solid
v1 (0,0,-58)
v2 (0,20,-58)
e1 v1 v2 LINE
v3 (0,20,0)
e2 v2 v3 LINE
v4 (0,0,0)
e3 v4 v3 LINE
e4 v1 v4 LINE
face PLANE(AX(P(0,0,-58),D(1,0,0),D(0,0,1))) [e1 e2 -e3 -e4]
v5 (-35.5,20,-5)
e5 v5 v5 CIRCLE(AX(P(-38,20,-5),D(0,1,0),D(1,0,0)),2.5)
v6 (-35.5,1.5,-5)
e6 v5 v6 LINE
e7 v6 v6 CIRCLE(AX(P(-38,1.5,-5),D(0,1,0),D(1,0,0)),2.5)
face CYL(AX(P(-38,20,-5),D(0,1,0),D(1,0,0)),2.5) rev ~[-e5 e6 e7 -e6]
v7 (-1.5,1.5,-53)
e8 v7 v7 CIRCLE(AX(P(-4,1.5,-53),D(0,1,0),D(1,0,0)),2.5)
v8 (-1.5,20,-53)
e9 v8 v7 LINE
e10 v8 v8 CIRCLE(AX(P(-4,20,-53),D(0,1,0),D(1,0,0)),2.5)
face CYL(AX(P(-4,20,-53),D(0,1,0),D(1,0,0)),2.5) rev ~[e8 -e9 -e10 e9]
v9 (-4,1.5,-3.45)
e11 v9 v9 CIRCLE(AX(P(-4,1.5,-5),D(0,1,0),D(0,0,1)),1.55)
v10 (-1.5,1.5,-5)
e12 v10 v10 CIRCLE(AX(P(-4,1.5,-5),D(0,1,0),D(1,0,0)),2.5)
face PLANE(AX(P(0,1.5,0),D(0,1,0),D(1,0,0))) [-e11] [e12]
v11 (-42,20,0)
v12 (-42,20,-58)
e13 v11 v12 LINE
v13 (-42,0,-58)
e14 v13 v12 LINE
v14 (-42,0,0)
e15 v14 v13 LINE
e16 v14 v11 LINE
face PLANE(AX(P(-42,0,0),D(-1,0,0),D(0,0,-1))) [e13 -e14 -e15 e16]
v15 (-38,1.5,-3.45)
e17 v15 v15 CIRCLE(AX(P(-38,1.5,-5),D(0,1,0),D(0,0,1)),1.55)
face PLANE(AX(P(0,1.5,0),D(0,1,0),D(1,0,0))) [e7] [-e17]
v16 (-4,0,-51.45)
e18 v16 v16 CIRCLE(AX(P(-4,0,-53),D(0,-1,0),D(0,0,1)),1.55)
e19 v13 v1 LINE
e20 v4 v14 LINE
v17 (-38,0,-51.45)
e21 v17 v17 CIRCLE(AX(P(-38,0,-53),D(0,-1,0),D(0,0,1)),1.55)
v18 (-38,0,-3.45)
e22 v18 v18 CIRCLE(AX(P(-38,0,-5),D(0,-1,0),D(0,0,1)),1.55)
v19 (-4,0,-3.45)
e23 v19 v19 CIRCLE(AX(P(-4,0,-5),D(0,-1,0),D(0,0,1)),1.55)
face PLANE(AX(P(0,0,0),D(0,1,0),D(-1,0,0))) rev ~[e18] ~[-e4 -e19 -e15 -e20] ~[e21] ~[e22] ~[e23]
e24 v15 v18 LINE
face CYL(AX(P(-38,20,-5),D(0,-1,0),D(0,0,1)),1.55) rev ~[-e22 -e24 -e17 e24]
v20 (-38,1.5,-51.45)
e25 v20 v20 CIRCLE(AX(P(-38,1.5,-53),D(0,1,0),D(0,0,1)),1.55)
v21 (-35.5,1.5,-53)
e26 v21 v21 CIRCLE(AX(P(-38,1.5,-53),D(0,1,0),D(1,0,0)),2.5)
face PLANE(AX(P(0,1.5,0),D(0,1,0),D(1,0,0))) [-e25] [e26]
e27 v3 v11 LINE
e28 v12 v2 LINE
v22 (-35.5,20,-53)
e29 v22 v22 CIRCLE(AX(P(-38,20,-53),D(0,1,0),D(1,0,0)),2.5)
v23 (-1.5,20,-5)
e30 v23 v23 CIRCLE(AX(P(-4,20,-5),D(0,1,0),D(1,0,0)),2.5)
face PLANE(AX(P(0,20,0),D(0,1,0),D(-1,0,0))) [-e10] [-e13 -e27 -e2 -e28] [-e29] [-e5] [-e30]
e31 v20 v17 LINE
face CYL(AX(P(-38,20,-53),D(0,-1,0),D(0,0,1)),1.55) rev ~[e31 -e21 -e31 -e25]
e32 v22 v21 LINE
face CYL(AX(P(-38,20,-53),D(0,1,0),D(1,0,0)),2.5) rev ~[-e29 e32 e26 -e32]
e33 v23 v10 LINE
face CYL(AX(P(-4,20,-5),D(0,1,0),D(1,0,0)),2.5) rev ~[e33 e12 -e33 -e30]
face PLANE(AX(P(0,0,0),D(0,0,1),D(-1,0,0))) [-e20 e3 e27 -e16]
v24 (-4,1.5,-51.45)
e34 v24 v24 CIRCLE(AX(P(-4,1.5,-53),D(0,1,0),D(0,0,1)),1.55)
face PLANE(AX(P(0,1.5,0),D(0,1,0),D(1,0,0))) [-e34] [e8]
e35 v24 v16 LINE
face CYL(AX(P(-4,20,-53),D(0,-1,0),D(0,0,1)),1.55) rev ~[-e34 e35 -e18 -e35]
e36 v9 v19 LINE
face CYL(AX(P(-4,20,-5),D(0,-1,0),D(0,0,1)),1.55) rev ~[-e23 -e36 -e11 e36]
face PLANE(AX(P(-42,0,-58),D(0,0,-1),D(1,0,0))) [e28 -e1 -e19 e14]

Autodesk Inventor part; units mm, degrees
ref_plane "YZ Plane" through (0, 0, 0) normal (1, 0, 0) x (0, 1, 0)
ref_plane "XZ Plane" through (0, 0, 0) normal (0, 1, 0) x (-1, 0, 0)
ref_plane "XY Plane" through (0, 0, 0) normal (0, 0, 1) x (1, 0, 0)
sketch "Sketch1" plane through (0, 0, 0) normal (0, 1, 0) x (-1, 0, 0)
  line L0 (0, 0) -> (42, 0)
  line L1 (42, 0) -> (42, -58)
  line L2 (42, -58) -> (0, -58)
  line L3 (0, -58) -> (0, 0)
  dimension "d0" = 58
  dimension "d1" = 42
extrude "Extrusion1" add sketch "Sketch1" along normal blind 20
sketch "Sketch2" plane through (0, 20, 0) normal (0, 1, 0) x (1, 0, 0)
  line L0 (-29.2926, 35.5201) -> (-17.3649, 35.5201) construction
  line L1 (-17.3649, 35.5201) -> (-17.3649, 9.1969) construction
  line L2 (-17.3649, 9.1969) -> (-29.2926, 9.1969) construction
  line L3 (-29.2926, 9.1969) -> (-29.2926, 35.5201) construction
  spline S0 degree 2 poles (-27.9624, 31.884) (-28.3424, 31.884) (-28.8757, 32.0428) (-29.1111, 32.1562) knots 0 0 0 1 2 2 2
  line L4 (-29.1111, 32.1562) -> (-29.1111, 32.7405)
  line L5 (-29.1111, 32.7405) -> (-29.077, 32.7405)
  spline S1 degree 2 poles (-29.077, 32.7405) (-28.8473, 32.525) (-28.2658, 32.2867) (-27.9964, 32.2867) knots 0 0 0 1 2 2 2
  spline S2 degree 2 poles (-27.9964, 32.2867) (-27.6107, 32.2867) (-27.2164, 32.6072) (-27.2164, 32.871) knots 0 0 0 1 2 2 2
  spline S3 degree 2 poles (-27.2164, 32.871) (-27.2164, 33.0809) (-27.4235, 33.3418) (-27.6475, 33.4071) knots 0 0 0 1 2 2 2
  spline S4 degree 2 poles (-27.6475, 33.4071) (-27.8092, 33.4524) (-28.0787, 33.5148) (-28.28, 33.5659) knots 0 0 0 1 2 2 2
  spline S5 degree 2 poles (-28.28, 33.5659) (-28.4616, 33.6141) (-28.748, 33.7588) (-28.8586, 33.875) knots 0 0 0 1 2 2 2
  spline S6 degree 2 poles (-28.8586, 33.875) (-28.9664, 33.9913) (-29.0855, 34.3033) (-29.0855, 34.5075) knots 0 0 0 1 2 2 2
  spline S7 degree 2 poles (-29.0855, 34.5075) (-29.0855, 34.933) (-28.4218, 35.5088) (-27.9085, 35.5088) knots 0 0 0 1 2 2 2
  spline S8 degree 2 poles (-27.9085, 35.5088) (-27.6135, 35.5088) (-27.0916, 35.3925) (-26.8675, 35.2819) knots 0 0 0 1 2 2 2
  line L6 (-26.8675, 35.2819) -> (-26.8675, 34.7259)
  line L7 (-26.8675, 34.7259) -> (-26.9016, 34.7259)
  spline S9 degree 2 poles (-26.9016, 34.7259) (-27.0689, 34.8791) (-27.5908, 35.106) (-27.8773, 35.106) knots 0 0 0 1 2 2 2
  spline S10 degree 2 poles (-27.8773, 35.106) (-28.2006, 35.106) (-28.6005, 34.8025) (-28.6005, 34.5558) knots 0 0 0 1 2 2 2
  spline S11 degree 2 poles (-28.6005, 34.5558) (-28.6005, 34.3345) (-28.3651, 34.0707) (-28.1439, 34.0112) knots 0 0 0 1 2 2 2
  spline S12 degree 2 poles (-28.1439, 34.0112) (-27.9964, 33.9715) (-27.5681, 33.8694) (-27.4263, 33.8268) knots 0 0 0 1 2 2 2
  spline S13 degree 2 poles (-27.4263, 33.8268) (-27.0661, 33.7162) (-26.7314, 33.2709) (-26.7314, 32.9447) knots 0 0 0 1 2 2 2
  spline S14 degree 2 poles (-26.7314, 32.9447) (-26.7314, 32.7377) (-26.8987, 32.3406) (-27.0491, 32.2016) knots 0 0 0 1 2 2 2
  spline S15 degree 2 poles (-27.0491, 32.2016) (-27.2164, 32.0485) (-27.6419, 31.884) (-27.9624, 31.884) knots 0 0 0 1 2 2 2
  line L8 (-26.2577, 31.9464) -> (-26.2577, 35.4464)
  line L9 (-26.2577, 35.4464) -> (-24.0681, 35.4464)
  line L10 (-24.0681, 35.4464) -> (-24.0681, 35.0323)
  line L11 (-24.0681, 35.0323) -> (-25.7926, 35.0323)
  line L12 (-25.7926, 35.0323) -> (-25.7926, 34.0736)
  line L13 (-25.7926, 34.0736) -> (-24.1844, 34.0736)
  line L14 (-24.1844, 34.0736) -> (-24.1844, 33.6595)
  line L15 (-24.1844, 33.6595) -> (-25.7926, 33.6595)
  line L16 (-25.7926, 33.6595) -> (-25.7926, 32.3605)
  line L17 (-25.7926, 32.3605) -> (-24.0681, 32.3605)
  line L18 (-24.0681, 32.3605) -> (-24.0681, 31.9464)
  line L19 (-24.0681, 31.9464) -> (-26.2577, 31.9464)
  line L20 (-20.8489, 31.9464) -> (-21.453, 31.9464)
  line L21 (-21.453, 31.9464) -> (-22.5592, 33.339)
  line L22 (-22.5592, 33.339) -> (-23.0924, 33.339)
  line L23 (-23.0924, 33.339) -> (-23.0924, 31.9464)
  line L24 (-23.0924, 31.9464) -> (-23.5576, 31.9464)
  line L25 (-23.5576, 31.9464) -> (-23.5576, 35.4464)
  line L26 (-23.5576, 35.4464) -> (-22.6556, 35.4464)
  spline S16 degree 2 poles (-22.6556, 35.4464) (-22.355, 35.4464) (-21.9494, 35.3811) (-21.765, 35.262) knots 0 0 0 1 2 2 2
  spline S17 degree 2 poles (-21.765, 35.262) (-21.5807, 35.1429) (-21.368, 34.7713) (-21.368, 34.4962) knots 0 0 0 1 2 2 2
  spline S18 degree 2 poles (-21.368, 34.4962) (-21.368, 34.1133) (-21.7594, 33.5943) (-22.094, 33.4695) knots 0 0 0 1 2 2 2
  line L27 (-22.094, 33.4695) -> (-20.8489, 31.9464)
  spline S19 degree 2 poles (-21.853, 34.4593) (-21.853, 34.6125) (-21.9607, 34.8479) (-22.0742, 34.9245) knots 0 0 0 1 2 2 2
  spline S20 degree 2 poles (-22.0742, 34.9245) (-22.1735, 34.9897) (-22.4372, 35.0436) (-22.6301, 35.0436) knots 0 0 0 1 2 2 2
  line L28 (-22.6301, 35.0436) -> (-23.0924, 35.0436)
  line L29 (-23.0924, 35.0436) -> (-23.0924, 33.7276)
  line L30 (-23.0924, 33.7276) -> (-22.684, 33.7276)
  spline S21 degree 2 poles (-22.684, 33.7276) (-22.4826, 33.7276) (-22.1621, 33.7985) (-22.0515, 33.9091) knots 0 0 0 1 2 2 2
  spline S22 degree 2 poles (-22.0515, 33.9091) (-21.9494, 34.0055) (-21.853, 34.2778) (-21.853, 34.4593) knots 0 0 0 1 2 2 2
  line L31 (-18.0325, 35.4464) -> (-19.2379, 31.9464)
  line L32 (-19.2379, 31.9464) -> (-19.7399, 31.9464)
  line L33 (-19.7399, 31.9464) -> (-20.9453, 35.4464)
  line L34 (-20.9453, 35.4464) -> (-20.4462, 35.4464)
  line L35 (-20.4462, 35.4464) -> (-19.4761, 32.5391)
  line L36 (-19.4761, 32.5391) -> (-18.5061, 35.4464)
  line L37 (-18.5061, 35.4464) -> (-18.0325, 35.4464)
  spline S23 degree 2 poles (-15.2217, 35.0464) (-15.0231, 34.8139) (-14.8019, 34.1331) (-14.8019, 33.6964) knots 0 0 0 1 2 2 2
  spline S24 degree 2 poles (-14.8019, 33.6964) (-14.8019, 33.2709) (-15.0175, 32.5817) (-15.2217, 32.3491) knots 0 0 0 1 2 2 2
  spline S25 degree 2 poles (-15.2217, 32.3491) (-15.4372, 32.1052) (-16.0073, 31.8726) (-16.3505, 31.8726) knots 0 0 0 1 2 2 2
  spline S26 degree 2 poles (-16.3505, 31.8726) (-16.7051, 31.8726) (-17.2723, 32.1137) (-17.4794, 32.3491) knots 0 0 0 1 2 2 2
  spline S27 degree 2 poles (-17.4794, 32.3491) (-17.6808, 32.5817) (-17.8963, 33.2652) (-17.8963, 33.6964) knots 0 0 0 1 2 2 2
  spline S28 degree 2 poles (-17.8963, 33.6964) (-17.8963, 34.136) (-17.6779, 34.8054) (-17.4765, 35.0464) knots 0 0 0 1 2 2 2
  spline S29 degree 2 poles (-17.4765, 35.0464) (-17.2723, 35.279) (-16.7022, 35.5201) (-16.3505, 35.5201) knots 0 0 0 1 2 2 2
  spline S30 degree 2 poles (-16.3505, 35.5201) (-15.9932, 35.5201) (-15.4202, 35.2705) (-15.2217, 35.0464) knots 0 0 0 1 2 2 2
  spline S31 degree 2 poles (-15.2869, 33.6964) (-15.2869, 34.0424) (-15.4372, 34.5784) (-15.5734, 34.7543) knots 0 0 0 1 2 2 2
  spline S32 degree 2 poles (-15.5734, 34.7543) (-15.7124, 34.9358) (-16.1038, 35.1173) (-16.3477, 35.1173) knots 0 0 0 1 2 2 2
  spline S33 degree 2 poles (-16.3477, 35.1173) (-16.6001, 35.1173) (-16.9802, 34.9415) (-17.1248, 34.7543) knots 0 0 0 1 2 2 2
  spline S34 degree 2 poles (-17.1248, 34.7543) (-17.2638, 34.5756) (-17.4113, 34.0367) (-17.4113, 33.6964) knots 0 0 0 1 2 2 2
  spline S35 degree 2 poles (-17.4113, 33.6964) (-17.4113, 33.0071) (-16.8327, 32.2754) (-16.3477, 32.2754) knots 0 0 0 1 2 2 2
  spline S36 degree 2 poles (-16.3477, 32.2754) (-15.8627, 32.2754) (-15.2869, 33.0071) (-15.2869, 33.6964) knots 0 0 0 1 2 2 2
  spline S37 degree 2 poles (-26.1783, 27.9309) (-26.1783, 27.4515) (-26.5669, 26.6801) (-26.8931, 26.4645) knots 0 0 0 1 2 2 2
  spline S38 degree 2 poles (-26.8931, 26.4645) (-27.1597, 26.2972) (-27.7071, 26.1837) (-28.1325, 26.1837) knots 0 0 0 1 2 2 2
  line L38 (-28.1325, 26.1837) -> (-28.9381, 26.1837)
  line L39 (-28.9381, 26.1837) -> (-28.9381, 29.6837)
  line L40 (-28.9381, 29.6837) -> (-28.141, 29.6837)
  spline S39 degree 2 poles (-28.141, 29.6837) (-27.6475, 29.6837) (-27.0859, 29.5362) (-26.8874, 29.4057) knots 0 0 0 1 2 2 2
  spline S40 degree 2 poles (-26.8874, 29.4057) (-26.5499, 29.1817) (-26.1783, 28.4414) (-26.1783, 27.9309) knots 0 0 0 1 2 2 2
  spline S41 degree 2 poles (-26.6633, 27.9365) (-26.6633, 28.3393) (-26.9299, 28.9094) (-27.1937, 29.0711) knots 0 0 0 1 2 2 2
  spline S42 degree 2 poles (-27.1937, 29.0711) (-27.3809, 29.1817) (-27.8035, 29.2809) (-28.1184, 29.2809) knots 0 0 0 1 2 2 2
  line L41 (-28.1184, 29.2809) -> (-28.4729, 29.2809)
  line L42 (-28.4729, 29.2809) -> (-28.4729, 26.5865)
  line L43 (-28.4729, 26.5865) -> (-28.1184, 26.5865)
  spline S43 degree 2 poles (-28.1184, 26.5865) (-27.8092, 26.5865) (-27.3412, 26.6857) (-27.1512, 26.819) knots 0 0 0 1 2 2 2
  spline S44 degree 2 poles (-27.1512, 26.819) (-26.9073, 26.9835) (-26.6633, 27.5281) (-26.6633, 27.9365) knots 0 0 0 1 2 2 2
  line L44 (-22.9648, 26.1837) -> (-23.5689, 26.1837)
  line L45 (-23.5689, 26.1837) -> (-24.6751, 27.5763)
  line L46 (-24.6751, 27.5763) -> (-25.2083, 27.5763)
  line L47 (-25.2083, 27.5763) -> (-25.2083, 26.1837)
  line L48 (-25.2083, 26.1837) -> (-25.6735, 26.1837)
  line L49 (-25.6735, 26.1837) -> (-25.6735, 29.6837)
  line L50 (-25.6735, 29.6837) -> (-24.7715, 29.6837)
  spline S45 degree 2 poles (-24.7715, 29.6837) (-24.4709, 29.6837) (-24.0653, 29.6185) (-23.8809, 29.4993) knots 0 0 0 1 2 2 2
  spline S46 degree 2 poles (-23.8809, 29.4993) (-23.6966, 29.3802) (-23.4838, 29.0087) (-23.4838, 28.7335) knots 0 0 0 1 2 2 2
  spline S47 degree 2 poles (-23.4838, 28.7335) (-23.4838, 28.3506) (-23.8752, 27.8316) (-24.2099, 27.7068) knots 0 0 0 1 2 2 2
  line L51 (-24.2099, 27.7068) -> (-22.9648, 26.1837)
  spline S48 degree 2 poles (-23.9688, 28.6967) (-23.9688, 28.8498) (-24.0766, 29.0852) (-24.1901, 29.1618) knots 0 0 0 1 2 2 2
  spline S49 degree 2 poles (-24.1901, 29.1618) (-24.2893, 29.2271) (-24.5531, 29.2809) (-24.746, 29.2809) knots 0 0 0 1 2 2 2
  line L52 (-24.746, 29.2809) -> (-25.2083, 29.2809)
  line L53 (-25.2083, 29.2809) -> (-25.2083, 27.9649)
  line L54 (-25.2083, 27.9649) -> (-24.7999, 27.9649)
  spline S50 degree 2 poles (-24.7999, 27.9649) (-24.5985, 27.9649) (-24.278, 28.0358) (-24.1674, 28.1464) knots 0 0 0 1 2 2 2
  spline S51 degree 2 poles (-24.1674, 28.1464) (-24.0653, 28.2429) (-23.9688, 28.5151) (-23.9688, 28.6967) knots 0 0 0 1 2 2 2
  line L55 (-21.4672, 26.1837) -> (-22.823, 26.1837)
  line L56 (-22.823, 26.1837) -> (-22.823, 26.5411)
  line L57 (-22.823, 26.5411) -> (-22.3777, 26.5411)
  line L58 (-22.3777, 26.5411) -> (-22.3777, 29.3263)
  line L59 (-22.3777, 29.3263) -> (-22.823, 29.3263)
  line L60 (-22.823, 29.3263) -> (-22.823, 29.6837)
  line L61 (-22.823, 29.6837) -> (-21.4672, 29.6837)
  line L62 (-21.4672, 29.6837) -> (-21.4672, 29.3263)
  line L63 (-21.4672, 29.3263) -> (-21.9125, 29.3263)
  line L64 (-21.9125, 29.3263) -> (-21.9125, 26.5411)
  line L65 (-21.9125, 26.5411) -> (-21.4672, 26.5411)
  line L66 (-21.4672, 26.5411) -> (-21.4672, 26.1837)
  line L67 (-18.353, 29.6837) -> (-19.5584, 26.1837)
  line L68 (-19.5584, 26.1837) -> (-20.0604, 26.1837)
  line L69 (-20.0604, 26.1837) -> (-21.2658, 29.6837)
  line L70 (-21.2658, 29.6837) -> (-20.7667, 29.6837)
  line L71 (-20.7667, 29.6837) -> (-19.7966, 26.7765)
  line L72 (-19.7966, 26.7765) -> (-18.8266, 29.6837)
  line L73 (-18.8266, 29.6837) -> (-18.353, 29.6837)
  line L74 (-18.0183, 26.1837) -> (-18.0183, 29.6837)
  line L75 (-18.0183, 29.6837) -> (-15.8287, 29.6837)
  line L76 (-15.8287, 29.6837) -> (-15.8287, 29.2696)
  line L77 (-15.8287, 29.2696) -> (-17.5531, 29.2696)
  line L78 (-17.5531, 29.2696) -> (-17.5531, 28.3109)
  line L79 (-17.5531, 28.3109) -> (-15.9449, 28.3109)
  line L80 (-15.9449, 28.3109) -> (-15.9449, 27.8968)
  line L81 (-15.9449, 27.8968) -> (-17.5531, 27.8968)
  line L82 (-17.5531, 27.8968) -> (-17.5531, 26.5978)
  line L83 (-17.5531, 26.5978) -> (-15.8287, 26.5978)
  line L84 (-15.8287, 26.5978) -> (-15.8287, 26.1837)
  line L85 (-15.8287, 26.1837) -> (-18.0183, 26.1837)
  line L86 (-12.6094, 26.1837) -> (-13.2136, 26.1837)
  line L87 (-13.2136, 26.1837) -> (-14.3197, 27.5763)
  line L88 (-14.3197, 27.5763) -> (-14.853, 27.5763)
  line L89 (-14.853, 27.5763) -> (-14.853, 26.1837)
  line L90 (-14.853, 26.1837) -> (-15.3181, 26.1837)
  line L91 (-15.3181, 26.1837) -> (-15.3181, 29.6837)
  line L92 (-15.3181, 29.6837) -> (-14.4162, 29.6837)
  spline S52 degree 2 poles (-14.4162, 29.6837) (-14.1155, 29.6837) (-13.7099, 29.6185) (-13.5256, 29.4993) knots 0 0 0 1 2 2 2
  spline S53 degree 2 poles (-13.5256, 29.4993) (-13.3412, 29.3802) (-13.1285, 29.0087) (-13.1285, 28.7335) knots 0 0 0 1 2 2 2
  spline S54 degree 2 poles (-13.1285, 28.7335) (-13.1285, 28.3506) (-13.5199, 27.8316) (-13.8546, 27.7068) knots 0 0 0 1 2 2 2
  line L93 (-13.8546, 27.7068) -> (-12.6094, 26.1837)
  spline S55 degree 2 poles (-13.6135, 28.6967) (-13.6135, 28.8498) (-13.7213, 29.0852) (-13.8347, 29.1618) knots 0 0 0 1 2 2 2
  spline S56 degree 2 poles (-13.8347, 29.1618) (-13.934, 29.2271) (-14.1978, 29.2809) (-14.3906, 29.2809) knots 0 0 0 1 2 2 2
  line L94 (-14.3906, 29.2809) -> (-14.853, 29.2809)
  line L95 (-14.853, 29.2809) -> (-14.853, 27.9649)
  line L96 (-14.853, 27.9649) -> (-14.4445, 27.9649)
  spline S57 degree 2 poles (-14.4445, 27.9649) (-14.2432, 27.9649) (-13.9227, 28.0358) (-13.812, 28.1464) knots 0 0 0 1 2 2 2
  spline S58 degree 2 poles (-13.812, 28.1464) (-13.7099, 28.2429) (-13.6135, 28.5151) (-13.6135, 28.6967) knots 0 0 0 1 2 2 2
  point P0 (0, 0)
extrude "Extrusion2" add sketch "Sketch2" against normal blind 1
sketch "Sketch5" plane through (0, 20, 0) normal (0, 1, 0) x (1, 0, 0)
  circle A0 centre (-4, 53) radius 1.55
  circle A1 centre (-38, 53) radius 1.55
  circle A2 centre (-38, 5) radius 1.55
  circle A3 centre (-4, 5) radius 1.55
  line L0 (-42, 58) -> (-42, 0) projected
  line L1 (-42, 0) -> (0, 0) projected
  dimension "d6" = 3.1
  dimension "d7" = 3.1
  dimension "d8" = 3.1
  dimension "d9" = 3.1
  dimension "d10" = 34
  dimension "d11" = 48
  dimension "d12" = 48
  dimension "d13" = 34
  dimension "d14" = 0
  dimension "d15" = 0
  dimension "d16" = 4
  dimension "d17" = 5
hole "Hole1" at (-38, 20, -53) at (-38, 20, -5) at (-4, 20, -5) at (-4, 20, -53) direction (0, -1, 0) diameter 3.1 end through all
sketch "Sketch6" plane through (0, 20, 0) normal (0, 1, 0) x (1, 0, 0)
  circle A0 centre (-4, 5) radius 2.5
  circle A1 centre (-4, 53) radius 2.5
  circle A2 centre (-38, 53) radius 2.5
  circle A3 centre (-38, 5) radius 2.5
  circle A4 centre (-4, 5) radius 1.55 projected
  circle A5 centre (-38, 5) radius 1.55 projected
  circle A6 centre (-38, 53) radius 1.55 projected
  circle A7 centre (-4, 53) radius 1.55 projected
  circle A8 centre (-4, 53) radius 1.55
  circle A9 centre (-38, 5) radius 1.55
  circle A10 centre (-4, 5) radius 1.55
  circle A11 centre (-38, 53) radius 1.55
  point P0 (0, 0)
  dimension "d25" = 5
  dimension "d26" = 5
  dimension "d27" = 5
  dimension "d28" = 5
  dimension "d29" = 3.1
  dimension "d30" = 3.1
  dimension "d31" = 3.1
  dimension "d32" = 3.1
extrude "Extrusion3" cut sketch "Sketch6" against normal blind 18.5
equation "\"d12\" = d11"
equation "\"d13\" = d10"
properties part number "Servo_Driver"
